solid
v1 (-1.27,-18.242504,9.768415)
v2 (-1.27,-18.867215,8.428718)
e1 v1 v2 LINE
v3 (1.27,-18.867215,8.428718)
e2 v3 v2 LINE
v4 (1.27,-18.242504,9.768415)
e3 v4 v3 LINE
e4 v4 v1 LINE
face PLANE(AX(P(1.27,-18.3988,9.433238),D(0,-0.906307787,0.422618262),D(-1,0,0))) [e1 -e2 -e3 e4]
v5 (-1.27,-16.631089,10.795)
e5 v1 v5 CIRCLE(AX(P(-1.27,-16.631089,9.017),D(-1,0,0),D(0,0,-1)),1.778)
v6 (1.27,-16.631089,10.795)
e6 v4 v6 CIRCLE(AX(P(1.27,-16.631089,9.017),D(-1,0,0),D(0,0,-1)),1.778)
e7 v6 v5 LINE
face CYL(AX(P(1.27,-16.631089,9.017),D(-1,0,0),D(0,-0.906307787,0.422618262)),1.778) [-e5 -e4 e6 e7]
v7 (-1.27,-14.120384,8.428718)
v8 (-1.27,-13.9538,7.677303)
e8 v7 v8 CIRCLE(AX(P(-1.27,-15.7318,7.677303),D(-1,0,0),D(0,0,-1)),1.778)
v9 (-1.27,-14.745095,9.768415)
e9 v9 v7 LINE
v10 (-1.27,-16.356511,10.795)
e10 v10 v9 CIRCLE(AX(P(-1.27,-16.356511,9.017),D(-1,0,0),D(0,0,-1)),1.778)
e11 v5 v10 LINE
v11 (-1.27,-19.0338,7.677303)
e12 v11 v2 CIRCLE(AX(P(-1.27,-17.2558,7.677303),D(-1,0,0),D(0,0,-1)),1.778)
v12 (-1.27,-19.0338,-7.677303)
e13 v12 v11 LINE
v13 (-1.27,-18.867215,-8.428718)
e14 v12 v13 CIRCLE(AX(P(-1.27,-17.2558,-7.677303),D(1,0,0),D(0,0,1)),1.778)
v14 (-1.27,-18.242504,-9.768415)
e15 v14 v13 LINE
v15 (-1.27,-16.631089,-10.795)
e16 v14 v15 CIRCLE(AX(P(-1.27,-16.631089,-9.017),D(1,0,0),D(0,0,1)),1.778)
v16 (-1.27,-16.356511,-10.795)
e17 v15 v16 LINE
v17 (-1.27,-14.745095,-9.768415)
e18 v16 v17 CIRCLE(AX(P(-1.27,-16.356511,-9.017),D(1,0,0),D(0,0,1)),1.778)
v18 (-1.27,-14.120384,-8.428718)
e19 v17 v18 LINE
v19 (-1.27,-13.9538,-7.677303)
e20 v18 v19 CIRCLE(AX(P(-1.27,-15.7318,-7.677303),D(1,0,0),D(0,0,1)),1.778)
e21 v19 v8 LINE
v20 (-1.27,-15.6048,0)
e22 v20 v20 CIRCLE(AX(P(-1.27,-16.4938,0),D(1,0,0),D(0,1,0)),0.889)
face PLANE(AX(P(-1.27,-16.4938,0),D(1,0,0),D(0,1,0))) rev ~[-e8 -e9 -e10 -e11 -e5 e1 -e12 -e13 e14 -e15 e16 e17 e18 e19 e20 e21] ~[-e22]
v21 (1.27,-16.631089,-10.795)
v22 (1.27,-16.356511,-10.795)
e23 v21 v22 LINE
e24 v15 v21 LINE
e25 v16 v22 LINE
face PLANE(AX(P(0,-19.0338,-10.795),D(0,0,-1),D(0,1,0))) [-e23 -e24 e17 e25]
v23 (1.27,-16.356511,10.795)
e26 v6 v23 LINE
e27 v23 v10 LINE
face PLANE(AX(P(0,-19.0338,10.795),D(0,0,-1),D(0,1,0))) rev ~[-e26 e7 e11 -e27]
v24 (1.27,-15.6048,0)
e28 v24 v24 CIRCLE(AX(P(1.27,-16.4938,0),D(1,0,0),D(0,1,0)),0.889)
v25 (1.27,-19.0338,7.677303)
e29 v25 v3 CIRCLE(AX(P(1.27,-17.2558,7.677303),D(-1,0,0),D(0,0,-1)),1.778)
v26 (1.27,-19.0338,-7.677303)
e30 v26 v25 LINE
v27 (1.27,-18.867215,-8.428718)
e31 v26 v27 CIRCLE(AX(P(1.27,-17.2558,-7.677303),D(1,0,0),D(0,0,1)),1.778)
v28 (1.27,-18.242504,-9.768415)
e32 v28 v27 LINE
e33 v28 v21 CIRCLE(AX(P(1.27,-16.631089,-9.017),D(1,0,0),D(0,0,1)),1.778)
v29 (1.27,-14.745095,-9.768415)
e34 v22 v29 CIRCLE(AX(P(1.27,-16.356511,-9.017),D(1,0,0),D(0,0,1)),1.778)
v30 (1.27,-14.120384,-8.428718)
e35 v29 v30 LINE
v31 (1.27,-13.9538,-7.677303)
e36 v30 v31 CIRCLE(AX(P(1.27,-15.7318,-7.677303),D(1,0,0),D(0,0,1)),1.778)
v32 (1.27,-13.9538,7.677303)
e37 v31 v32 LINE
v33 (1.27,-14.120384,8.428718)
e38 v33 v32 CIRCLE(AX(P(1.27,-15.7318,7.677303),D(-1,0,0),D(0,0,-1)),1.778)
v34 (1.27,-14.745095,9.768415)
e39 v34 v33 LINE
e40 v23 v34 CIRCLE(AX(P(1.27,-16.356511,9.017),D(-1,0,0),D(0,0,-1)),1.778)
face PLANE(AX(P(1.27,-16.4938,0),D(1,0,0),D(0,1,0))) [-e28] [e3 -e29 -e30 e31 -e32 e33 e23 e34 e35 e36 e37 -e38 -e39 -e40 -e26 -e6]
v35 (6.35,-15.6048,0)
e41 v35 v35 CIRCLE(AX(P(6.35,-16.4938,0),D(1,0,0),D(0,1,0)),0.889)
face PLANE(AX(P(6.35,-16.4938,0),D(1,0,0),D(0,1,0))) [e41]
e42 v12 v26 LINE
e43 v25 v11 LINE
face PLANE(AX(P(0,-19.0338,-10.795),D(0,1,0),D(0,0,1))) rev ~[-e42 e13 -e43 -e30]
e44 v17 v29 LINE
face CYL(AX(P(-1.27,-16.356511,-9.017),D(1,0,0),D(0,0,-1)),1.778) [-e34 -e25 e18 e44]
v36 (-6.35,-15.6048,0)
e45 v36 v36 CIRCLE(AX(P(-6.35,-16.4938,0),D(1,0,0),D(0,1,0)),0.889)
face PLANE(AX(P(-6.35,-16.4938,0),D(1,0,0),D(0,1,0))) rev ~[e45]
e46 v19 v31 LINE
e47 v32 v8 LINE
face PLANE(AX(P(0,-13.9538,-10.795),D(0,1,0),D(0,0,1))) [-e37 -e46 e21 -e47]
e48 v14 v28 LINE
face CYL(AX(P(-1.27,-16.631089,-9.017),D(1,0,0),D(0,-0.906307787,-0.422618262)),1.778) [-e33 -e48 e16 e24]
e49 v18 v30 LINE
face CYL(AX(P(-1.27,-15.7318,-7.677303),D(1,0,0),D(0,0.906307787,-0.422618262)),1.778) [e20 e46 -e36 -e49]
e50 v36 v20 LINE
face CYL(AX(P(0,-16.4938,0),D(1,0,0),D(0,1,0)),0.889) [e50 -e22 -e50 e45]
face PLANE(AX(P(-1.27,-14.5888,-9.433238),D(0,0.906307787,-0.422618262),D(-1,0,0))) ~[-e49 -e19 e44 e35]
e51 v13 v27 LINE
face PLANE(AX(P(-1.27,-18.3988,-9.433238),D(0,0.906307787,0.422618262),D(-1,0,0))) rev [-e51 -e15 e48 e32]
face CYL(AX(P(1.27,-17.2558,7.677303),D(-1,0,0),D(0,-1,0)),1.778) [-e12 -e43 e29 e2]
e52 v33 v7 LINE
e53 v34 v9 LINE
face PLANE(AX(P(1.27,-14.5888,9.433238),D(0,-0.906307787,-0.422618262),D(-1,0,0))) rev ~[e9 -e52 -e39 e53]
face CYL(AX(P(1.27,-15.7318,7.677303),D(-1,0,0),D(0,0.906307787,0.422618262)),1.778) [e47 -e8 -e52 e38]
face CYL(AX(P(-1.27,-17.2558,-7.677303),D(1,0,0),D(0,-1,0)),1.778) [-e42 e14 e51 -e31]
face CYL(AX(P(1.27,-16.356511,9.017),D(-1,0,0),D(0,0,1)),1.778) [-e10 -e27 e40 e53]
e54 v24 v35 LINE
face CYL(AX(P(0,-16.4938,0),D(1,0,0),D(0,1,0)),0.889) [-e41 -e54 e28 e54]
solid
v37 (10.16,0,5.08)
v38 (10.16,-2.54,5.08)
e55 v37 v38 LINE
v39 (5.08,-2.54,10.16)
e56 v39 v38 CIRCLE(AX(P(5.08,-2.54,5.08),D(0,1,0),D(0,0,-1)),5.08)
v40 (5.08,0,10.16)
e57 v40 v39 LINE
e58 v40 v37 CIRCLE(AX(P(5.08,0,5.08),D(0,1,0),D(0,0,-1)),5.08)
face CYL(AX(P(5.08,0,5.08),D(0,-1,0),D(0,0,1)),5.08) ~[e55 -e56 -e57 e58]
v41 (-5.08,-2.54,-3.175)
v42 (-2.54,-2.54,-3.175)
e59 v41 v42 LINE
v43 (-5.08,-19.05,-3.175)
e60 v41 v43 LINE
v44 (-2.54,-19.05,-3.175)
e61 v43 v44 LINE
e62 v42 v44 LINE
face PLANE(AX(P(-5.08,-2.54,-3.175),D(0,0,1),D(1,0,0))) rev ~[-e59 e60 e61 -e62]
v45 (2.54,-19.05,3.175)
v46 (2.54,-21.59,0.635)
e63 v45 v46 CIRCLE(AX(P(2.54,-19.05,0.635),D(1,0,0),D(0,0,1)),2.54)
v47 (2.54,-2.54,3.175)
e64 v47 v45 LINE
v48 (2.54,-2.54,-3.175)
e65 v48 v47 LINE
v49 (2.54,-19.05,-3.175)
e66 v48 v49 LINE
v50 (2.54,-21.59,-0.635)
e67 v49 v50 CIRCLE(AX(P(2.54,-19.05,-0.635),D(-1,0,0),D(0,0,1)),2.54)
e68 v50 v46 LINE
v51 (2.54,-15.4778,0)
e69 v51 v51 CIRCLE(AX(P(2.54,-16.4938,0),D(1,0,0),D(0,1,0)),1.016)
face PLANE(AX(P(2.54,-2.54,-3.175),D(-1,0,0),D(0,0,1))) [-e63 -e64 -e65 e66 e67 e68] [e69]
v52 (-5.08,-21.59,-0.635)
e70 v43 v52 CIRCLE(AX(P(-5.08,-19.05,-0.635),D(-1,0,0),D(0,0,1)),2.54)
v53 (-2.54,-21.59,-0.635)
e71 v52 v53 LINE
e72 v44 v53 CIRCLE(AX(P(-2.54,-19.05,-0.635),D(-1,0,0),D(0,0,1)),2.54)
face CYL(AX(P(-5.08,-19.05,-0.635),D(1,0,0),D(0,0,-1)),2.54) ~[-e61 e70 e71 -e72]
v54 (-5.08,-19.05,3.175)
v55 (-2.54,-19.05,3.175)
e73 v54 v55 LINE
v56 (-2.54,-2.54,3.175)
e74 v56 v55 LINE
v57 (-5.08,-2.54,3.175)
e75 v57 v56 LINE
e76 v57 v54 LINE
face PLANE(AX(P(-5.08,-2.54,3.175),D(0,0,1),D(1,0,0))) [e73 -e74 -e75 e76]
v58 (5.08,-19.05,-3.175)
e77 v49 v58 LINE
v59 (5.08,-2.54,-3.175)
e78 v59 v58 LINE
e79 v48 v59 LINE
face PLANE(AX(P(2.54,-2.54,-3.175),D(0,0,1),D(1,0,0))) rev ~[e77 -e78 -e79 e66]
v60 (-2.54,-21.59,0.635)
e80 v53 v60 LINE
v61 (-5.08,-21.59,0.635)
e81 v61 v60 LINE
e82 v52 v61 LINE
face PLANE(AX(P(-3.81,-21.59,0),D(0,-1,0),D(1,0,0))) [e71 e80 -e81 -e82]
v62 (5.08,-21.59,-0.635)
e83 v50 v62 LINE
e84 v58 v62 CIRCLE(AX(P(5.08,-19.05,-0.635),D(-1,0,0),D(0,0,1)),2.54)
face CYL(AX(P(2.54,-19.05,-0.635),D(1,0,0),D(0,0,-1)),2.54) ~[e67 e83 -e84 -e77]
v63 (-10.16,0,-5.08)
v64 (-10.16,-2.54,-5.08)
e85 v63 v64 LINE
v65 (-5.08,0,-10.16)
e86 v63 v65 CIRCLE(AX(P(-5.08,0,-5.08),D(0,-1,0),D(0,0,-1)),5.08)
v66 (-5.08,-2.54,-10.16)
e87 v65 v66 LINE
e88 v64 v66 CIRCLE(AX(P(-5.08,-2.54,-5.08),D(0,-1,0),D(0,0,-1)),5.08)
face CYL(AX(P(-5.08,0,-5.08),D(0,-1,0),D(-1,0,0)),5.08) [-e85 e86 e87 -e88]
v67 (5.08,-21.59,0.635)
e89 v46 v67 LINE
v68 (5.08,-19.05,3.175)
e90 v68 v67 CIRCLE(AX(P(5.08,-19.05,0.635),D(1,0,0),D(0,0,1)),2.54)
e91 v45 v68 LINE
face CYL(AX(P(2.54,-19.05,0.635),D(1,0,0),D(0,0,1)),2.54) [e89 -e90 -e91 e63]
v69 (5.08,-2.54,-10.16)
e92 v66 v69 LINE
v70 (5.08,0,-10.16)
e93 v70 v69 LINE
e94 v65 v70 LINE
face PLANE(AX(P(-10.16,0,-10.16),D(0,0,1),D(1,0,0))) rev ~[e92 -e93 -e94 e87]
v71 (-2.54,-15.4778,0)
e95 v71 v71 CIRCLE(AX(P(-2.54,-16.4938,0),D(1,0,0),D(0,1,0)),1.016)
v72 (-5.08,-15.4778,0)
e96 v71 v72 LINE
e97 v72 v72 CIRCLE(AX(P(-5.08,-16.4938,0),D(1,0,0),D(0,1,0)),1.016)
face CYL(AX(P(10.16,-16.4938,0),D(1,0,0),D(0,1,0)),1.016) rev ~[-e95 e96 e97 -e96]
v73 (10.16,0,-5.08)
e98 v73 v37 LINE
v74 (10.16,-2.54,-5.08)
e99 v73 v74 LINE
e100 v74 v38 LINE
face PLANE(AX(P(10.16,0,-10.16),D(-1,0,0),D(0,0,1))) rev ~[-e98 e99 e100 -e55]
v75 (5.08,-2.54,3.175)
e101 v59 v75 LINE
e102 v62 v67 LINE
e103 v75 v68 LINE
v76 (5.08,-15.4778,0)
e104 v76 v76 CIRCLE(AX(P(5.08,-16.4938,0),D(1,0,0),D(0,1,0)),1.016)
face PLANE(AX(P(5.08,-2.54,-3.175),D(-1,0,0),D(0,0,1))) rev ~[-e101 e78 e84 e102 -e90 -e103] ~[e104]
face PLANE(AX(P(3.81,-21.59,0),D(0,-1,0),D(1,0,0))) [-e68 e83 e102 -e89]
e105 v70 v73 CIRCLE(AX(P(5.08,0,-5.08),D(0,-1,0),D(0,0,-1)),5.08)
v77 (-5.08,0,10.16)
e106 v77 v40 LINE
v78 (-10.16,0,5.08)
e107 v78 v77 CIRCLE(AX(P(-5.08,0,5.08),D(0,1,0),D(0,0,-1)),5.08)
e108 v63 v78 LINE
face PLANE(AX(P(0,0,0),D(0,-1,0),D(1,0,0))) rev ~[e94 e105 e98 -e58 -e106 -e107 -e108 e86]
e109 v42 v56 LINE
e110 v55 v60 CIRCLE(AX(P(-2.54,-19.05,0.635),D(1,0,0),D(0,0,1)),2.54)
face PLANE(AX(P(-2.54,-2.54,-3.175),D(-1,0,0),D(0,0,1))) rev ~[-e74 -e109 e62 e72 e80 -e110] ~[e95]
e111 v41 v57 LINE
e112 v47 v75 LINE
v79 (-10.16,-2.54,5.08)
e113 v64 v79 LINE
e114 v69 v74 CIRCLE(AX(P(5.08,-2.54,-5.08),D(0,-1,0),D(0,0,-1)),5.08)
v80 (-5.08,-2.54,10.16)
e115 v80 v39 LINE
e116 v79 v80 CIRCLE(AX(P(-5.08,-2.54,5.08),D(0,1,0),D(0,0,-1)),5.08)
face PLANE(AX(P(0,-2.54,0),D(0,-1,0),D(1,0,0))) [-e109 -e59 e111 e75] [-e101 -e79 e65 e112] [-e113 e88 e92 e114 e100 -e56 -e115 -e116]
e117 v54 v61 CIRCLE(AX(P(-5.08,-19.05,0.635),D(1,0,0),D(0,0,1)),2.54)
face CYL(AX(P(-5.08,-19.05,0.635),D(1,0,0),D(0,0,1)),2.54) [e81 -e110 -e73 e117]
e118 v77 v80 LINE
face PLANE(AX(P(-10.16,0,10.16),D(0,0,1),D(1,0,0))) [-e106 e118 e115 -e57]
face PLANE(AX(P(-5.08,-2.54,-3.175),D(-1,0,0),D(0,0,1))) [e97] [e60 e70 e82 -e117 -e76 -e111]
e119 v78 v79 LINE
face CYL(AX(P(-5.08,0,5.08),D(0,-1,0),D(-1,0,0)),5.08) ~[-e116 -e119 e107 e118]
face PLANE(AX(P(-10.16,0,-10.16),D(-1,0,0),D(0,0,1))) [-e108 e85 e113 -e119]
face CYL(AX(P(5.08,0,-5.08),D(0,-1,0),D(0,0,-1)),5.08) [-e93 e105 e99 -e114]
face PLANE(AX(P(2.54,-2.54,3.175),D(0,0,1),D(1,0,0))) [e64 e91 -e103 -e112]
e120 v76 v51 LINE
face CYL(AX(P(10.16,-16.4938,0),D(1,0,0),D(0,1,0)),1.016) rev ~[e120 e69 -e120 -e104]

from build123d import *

# Parameters (mm, degrees)
F0_W        = 20.32
F0_H        = 20.32
F1_DEPTH    = 2.54
F2_W        = 2.54
F2_H        = 6.35
F3_DEPTH    = 19.05
F4_R        = 1.016
F5_DEPTH    = 20.321
F6_W        = 5.08
F6_H        = 21.59
F7_DEPTH    = 1.27
F8_R        = 0.889
F9_DEPTH    = 6.35
F10_R       = 2.54
F11_SIZE2   = 2.723523789
F11_SIZE    = 1.27
F11_2_SIZE2 = 2.723523789
F11_2_SIZE  = 1.27
F12_R       = 1.778
F13_R       = 5.08


with BuildPart() as f1:
    # F0 (on Front) → F1 (new body)
    with BuildSketch(Plane.XZ):
        Rectangle(F0_W, F0_H)
    extrude(amount=F1_DEPTH)

    # F2 (on face) → F3 (join)
    with BuildSketch(Plane.XZ.offset(2.54)):
        with Locations((-3.81, 0)):
            Rectangle(F2_W, F2_H)
        with Locations((3.81, 0)):
            Rectangle(F2_W, F2_H)
    extrude(amount=F3_DEPTH)

    # F4 (on face) → F5 (cut, through all)
    with BuildSketch(Plane.YZ.offset(10.16)):
        with Locations((-16.4937997073, 0)):
            Circle(F4_R)
    extrude(amount=-F5_DEPTH, mode=Mode.SUBTRACT)

    # F10
    f10_edges = [f1.edges().sort_by_distance(p)[0] for p in [
        (3.81, -21.59, 3.175),
        (-3.81, -21.59, 3.175),
        (-3.81, -21.59, -3.175),
        (3.81, -21.59, -3.175),
    ]]
    fillet(f10_edges, radius=F10_R)

    # F13
    f13_edges = [f1.edges().sort_by_distance(p)[0] for p in [
        (10.16, -1.27, 10.16),
        (-10.16, -1.27, 10.16),
        (10.16, -1.27, -10.16),
        (-10.16, -1.27, -10.16),
    ]]
    fillet(f13_edges, radius=F13_R)


with BuildPart() as f7:
    # F6 (on Right) → F7 (new body, symmetric)
    with BuildSketch(Plane.YZ):
        with Locations((-16.4937997073, 0)):
            Rectangle(F6_W, F6_H)
    extrude(amount=F7_DEPTH, both=True)

    # F8 (on Right) → F9 (join, symmetric)
    with BuildSketch(Plane.YZ):
        with Locations((-16.4937997073, 0)):
            Circle(F8_R)
    extrude(amount=F9_DEPTH, both=True)

    # F11
    f11_edges = [f7.edges().sort_by_distance(p)[0] for p in [
        (0, -13.9538, 10.795),
        (0, -19.0338, 10.795),
    ]]
    f11_side = f7.faces().sort_by_distance((0, -16.4938, 10.795))[0]
    chamfer(f11_edges, length=F11_SIZE, length2=F11_SIZE2, reference=f11_side)

    # F11#2
    f11_2_edges = [f7.edges().sort_by_distance(p)[0] for p in [
        (0, -19.0338, -10.795),
        (0, -13.9538, -10.795),
    ]]
    f11_2_side = f7.faces().sort_by_distance((0, -16.4938, -10.795))[0]
    chamfer(f11_2_edges, length=F11_2_SIZE, length2=F11_2_SIZE2, reference=f11_2_side)

    # F12
    f12_edges = [f7.edges().sort_by_distance(p)[0] for p in [
        (0, -13.9538, 8.071476),
        (0, -15.2238, 10.795),
        (0, -17.7638, 10.795),
        (0, -19.0338, 8.071476),
        (0, -13.9538, -8.071476),
        (0, -15.2238, -10.795),
        (0, -17.7638, -10.795),
        (0, -19.0338, -8.071476),
    ]]
    fillet(f12_edges, radius=F12_R)


solid = Compound([f1.part, f7.part])
